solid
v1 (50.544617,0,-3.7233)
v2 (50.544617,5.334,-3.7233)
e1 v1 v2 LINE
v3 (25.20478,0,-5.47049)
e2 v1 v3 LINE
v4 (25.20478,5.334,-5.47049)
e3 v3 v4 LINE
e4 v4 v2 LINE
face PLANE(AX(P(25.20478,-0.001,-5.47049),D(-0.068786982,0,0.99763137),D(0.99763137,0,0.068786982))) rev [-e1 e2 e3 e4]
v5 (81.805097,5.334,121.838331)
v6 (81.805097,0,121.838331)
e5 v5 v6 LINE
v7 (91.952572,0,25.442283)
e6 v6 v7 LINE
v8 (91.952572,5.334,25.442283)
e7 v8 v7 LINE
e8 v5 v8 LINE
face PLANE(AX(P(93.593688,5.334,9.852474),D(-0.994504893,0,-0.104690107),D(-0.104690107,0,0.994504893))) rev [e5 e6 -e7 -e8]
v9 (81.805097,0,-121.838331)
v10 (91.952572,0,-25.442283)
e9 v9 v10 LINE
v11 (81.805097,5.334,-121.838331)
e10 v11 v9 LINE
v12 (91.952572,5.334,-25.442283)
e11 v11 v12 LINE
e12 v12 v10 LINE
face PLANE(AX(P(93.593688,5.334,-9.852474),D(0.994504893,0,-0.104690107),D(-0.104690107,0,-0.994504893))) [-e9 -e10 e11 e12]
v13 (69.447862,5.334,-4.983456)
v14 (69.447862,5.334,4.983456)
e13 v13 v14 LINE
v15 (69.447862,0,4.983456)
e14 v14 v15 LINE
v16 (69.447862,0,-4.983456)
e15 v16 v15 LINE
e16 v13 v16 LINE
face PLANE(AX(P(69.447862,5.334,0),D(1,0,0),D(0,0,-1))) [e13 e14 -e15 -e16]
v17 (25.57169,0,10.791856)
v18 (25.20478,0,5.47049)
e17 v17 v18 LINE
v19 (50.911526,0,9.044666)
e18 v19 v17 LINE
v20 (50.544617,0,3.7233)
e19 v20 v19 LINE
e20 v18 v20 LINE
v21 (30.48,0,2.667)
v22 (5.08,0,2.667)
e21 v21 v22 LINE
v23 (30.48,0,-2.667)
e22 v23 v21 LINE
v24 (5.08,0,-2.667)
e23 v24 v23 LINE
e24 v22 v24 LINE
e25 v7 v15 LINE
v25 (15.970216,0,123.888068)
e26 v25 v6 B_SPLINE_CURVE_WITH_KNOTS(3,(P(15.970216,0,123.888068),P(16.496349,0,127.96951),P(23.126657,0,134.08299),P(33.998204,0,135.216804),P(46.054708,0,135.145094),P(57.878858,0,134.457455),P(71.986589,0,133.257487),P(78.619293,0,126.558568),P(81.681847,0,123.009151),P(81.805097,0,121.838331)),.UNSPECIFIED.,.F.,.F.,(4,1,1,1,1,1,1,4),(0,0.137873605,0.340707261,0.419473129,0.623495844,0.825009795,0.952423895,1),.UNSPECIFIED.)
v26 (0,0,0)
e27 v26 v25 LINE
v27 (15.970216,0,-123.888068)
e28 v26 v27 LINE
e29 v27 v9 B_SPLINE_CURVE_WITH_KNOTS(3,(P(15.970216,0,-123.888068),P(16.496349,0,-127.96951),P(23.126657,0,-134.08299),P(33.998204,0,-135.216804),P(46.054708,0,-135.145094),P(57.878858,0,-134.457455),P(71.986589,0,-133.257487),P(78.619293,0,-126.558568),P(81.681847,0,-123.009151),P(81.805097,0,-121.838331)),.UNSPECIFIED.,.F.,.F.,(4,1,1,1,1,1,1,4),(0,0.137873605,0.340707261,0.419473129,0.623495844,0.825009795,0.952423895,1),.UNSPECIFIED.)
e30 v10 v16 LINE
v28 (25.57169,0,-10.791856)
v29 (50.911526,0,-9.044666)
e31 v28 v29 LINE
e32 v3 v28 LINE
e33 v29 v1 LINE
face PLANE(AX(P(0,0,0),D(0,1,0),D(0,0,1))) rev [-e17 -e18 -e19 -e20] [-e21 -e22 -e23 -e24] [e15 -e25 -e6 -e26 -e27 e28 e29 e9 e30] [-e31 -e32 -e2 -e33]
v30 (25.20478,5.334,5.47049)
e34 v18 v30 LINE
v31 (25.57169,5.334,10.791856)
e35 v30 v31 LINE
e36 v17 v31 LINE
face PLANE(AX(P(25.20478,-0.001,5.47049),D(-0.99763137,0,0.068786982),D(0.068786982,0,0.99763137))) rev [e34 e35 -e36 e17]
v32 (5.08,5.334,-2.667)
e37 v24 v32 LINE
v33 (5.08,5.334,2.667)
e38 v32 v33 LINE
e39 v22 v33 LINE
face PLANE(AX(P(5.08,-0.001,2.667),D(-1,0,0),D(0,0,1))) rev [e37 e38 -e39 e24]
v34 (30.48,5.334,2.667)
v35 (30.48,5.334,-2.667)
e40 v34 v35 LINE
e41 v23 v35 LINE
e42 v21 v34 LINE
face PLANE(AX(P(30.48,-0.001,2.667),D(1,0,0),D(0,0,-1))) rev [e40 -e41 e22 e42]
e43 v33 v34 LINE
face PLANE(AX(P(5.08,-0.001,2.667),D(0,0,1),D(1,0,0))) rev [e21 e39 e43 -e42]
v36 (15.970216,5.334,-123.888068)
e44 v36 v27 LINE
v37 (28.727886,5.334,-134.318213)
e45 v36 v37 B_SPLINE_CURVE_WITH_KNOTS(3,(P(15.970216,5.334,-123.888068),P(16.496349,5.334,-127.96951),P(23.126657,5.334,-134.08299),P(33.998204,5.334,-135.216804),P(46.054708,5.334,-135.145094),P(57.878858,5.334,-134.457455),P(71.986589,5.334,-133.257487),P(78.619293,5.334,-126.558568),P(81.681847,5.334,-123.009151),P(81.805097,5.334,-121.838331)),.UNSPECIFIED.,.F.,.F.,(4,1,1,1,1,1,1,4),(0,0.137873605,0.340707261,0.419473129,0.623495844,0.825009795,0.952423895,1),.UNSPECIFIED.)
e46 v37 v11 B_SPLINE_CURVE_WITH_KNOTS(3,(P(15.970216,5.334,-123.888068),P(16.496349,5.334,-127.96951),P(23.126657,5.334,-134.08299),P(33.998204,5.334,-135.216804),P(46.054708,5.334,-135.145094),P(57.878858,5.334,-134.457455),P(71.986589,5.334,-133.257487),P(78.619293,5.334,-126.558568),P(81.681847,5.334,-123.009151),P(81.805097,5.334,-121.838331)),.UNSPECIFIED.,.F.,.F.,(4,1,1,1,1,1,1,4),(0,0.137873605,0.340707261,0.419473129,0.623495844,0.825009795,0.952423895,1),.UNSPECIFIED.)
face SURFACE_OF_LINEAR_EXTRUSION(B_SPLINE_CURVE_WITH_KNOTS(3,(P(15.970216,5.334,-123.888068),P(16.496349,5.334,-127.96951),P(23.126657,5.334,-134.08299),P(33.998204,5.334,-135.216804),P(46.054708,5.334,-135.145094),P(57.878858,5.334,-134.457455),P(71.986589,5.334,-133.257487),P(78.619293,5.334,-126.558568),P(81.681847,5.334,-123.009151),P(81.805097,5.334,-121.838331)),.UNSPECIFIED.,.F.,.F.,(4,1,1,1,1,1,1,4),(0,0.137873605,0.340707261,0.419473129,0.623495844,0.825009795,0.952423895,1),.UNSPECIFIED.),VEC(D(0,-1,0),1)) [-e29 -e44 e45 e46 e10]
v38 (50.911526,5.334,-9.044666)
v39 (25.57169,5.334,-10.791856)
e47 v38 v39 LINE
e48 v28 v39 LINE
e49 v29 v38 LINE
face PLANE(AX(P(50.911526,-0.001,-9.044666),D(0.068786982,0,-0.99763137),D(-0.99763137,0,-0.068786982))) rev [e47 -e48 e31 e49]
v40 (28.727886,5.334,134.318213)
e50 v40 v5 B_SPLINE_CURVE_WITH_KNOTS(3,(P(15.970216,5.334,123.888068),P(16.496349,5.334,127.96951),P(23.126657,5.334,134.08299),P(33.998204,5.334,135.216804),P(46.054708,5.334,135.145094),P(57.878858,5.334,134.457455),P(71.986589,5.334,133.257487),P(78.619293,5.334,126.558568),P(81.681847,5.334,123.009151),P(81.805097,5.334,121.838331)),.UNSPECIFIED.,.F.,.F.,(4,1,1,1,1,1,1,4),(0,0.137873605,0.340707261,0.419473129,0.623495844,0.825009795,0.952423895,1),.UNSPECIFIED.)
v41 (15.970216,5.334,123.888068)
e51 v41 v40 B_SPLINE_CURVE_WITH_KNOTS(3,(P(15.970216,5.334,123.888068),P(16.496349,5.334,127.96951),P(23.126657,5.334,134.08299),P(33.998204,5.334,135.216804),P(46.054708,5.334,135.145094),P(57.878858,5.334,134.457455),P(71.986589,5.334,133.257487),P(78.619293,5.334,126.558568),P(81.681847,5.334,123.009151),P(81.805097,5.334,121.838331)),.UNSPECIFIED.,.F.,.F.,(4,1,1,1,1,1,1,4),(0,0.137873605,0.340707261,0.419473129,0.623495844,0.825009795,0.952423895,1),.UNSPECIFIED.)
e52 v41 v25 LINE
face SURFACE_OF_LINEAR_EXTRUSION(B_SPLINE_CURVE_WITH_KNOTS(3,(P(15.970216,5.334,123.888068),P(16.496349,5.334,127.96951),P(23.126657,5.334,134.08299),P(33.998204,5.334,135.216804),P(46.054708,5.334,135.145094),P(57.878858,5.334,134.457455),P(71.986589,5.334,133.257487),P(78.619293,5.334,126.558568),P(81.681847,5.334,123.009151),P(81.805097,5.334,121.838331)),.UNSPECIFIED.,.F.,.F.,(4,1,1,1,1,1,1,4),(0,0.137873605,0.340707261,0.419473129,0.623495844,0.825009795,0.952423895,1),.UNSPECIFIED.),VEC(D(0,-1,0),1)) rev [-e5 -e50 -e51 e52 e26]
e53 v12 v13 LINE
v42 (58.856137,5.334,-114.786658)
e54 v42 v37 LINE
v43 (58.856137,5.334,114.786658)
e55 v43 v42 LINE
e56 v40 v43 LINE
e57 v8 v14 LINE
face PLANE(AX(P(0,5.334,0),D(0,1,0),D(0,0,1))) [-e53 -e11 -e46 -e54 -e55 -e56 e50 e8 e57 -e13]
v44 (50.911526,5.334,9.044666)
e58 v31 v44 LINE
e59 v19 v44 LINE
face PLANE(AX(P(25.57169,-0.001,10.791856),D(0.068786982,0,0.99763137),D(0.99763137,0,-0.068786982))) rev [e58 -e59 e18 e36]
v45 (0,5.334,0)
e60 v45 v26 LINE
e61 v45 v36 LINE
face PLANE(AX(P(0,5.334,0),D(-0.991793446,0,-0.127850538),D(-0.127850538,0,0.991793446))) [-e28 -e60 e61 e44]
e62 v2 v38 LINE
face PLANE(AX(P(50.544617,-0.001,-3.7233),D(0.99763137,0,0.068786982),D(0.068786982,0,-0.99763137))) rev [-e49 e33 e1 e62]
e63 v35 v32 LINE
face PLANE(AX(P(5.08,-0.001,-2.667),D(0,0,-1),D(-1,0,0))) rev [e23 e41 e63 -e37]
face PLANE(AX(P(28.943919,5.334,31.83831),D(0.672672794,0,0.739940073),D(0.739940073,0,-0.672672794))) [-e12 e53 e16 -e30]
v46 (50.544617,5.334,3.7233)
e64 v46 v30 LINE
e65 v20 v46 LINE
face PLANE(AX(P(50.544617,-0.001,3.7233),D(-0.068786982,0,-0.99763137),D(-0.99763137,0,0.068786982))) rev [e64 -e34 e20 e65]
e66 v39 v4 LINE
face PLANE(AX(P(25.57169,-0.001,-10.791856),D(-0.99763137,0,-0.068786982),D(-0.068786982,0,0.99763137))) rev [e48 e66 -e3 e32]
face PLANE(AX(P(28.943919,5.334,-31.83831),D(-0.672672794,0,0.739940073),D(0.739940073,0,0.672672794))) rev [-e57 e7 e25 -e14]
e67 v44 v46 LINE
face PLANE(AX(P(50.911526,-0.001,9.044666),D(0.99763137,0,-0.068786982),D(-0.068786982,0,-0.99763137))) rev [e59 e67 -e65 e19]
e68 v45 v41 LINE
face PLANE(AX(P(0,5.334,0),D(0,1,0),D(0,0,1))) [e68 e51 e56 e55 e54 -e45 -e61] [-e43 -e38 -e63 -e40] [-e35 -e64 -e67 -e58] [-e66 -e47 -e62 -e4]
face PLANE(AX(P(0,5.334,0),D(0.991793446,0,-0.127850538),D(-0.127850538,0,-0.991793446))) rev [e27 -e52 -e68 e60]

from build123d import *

# Parameters (mm, degrees)
BOSS_EXTRUDE1_DEPTH  = 5.334
FUSELAGE_SLOTS_REACH = 165.568
RUDDER_SLOT_REACH    = 165.568
SKETCH4_W            = 25.4
SKETCH4_H            = 5.334


with BuildPart() as part:
    # Sketch1 → Boss-Extrude1 (new body)
    with BuildSketch(Plane(origin=(0, 0, 0), x_dir=(1, 0, 0), z_dir=(0, 1, 0))):
        with BuildLine():
            Line((15.970216498, 123.888067637), (0, 0))
            Line((0, 0), (15.970216498, -123.888067637))
            add(Edge.make_bspline(
                [(15.970216498, -123.888067637), (16.496348793, -127.969509697), (23.126657383, -134.082989784), (33.998204042, -135.21680351), (46.054708275, -135.145094132), (57.878857589, -134.457454778), (71.986589127, -133.257487146), (78.619292876, -126.55856753), (81.681846945, -123.009151118), (81.805097467, -121.83833135)],
                knots=[0, 0, 0, 0, 0.137873605, 0.340707261, 0.419473129, 0.623495844, 0.825009795, 0.952423895, 1, 1, 1, 1], degree=3))
            Line((81.805097467, -121.83833135), (91.952571506, -25.442283053))
            Line((91.952571506, -25.442283053), (69.447862014, -4.983456242))
            Line((69.447862014, -4.983456242), (69.447862014, 4.983456242))
            Line((69.447862014, 4.983456242), (91.952571506, 25.442283053))
            Line((91.952571506, 25.442283053), (81.805097467, 121.83833135))
            add(Edge.make_bspline(
                [(81.805097467, 121.83833135), (81.681846945, 123.009151118), (78.619292876, 126.55856753), (71.986589127, 133.257487146), (57.878857589, 134.457454778), (46.054708275, 135.145094132), (33.998204042, 135.21680351), (23.126657383, 134.082989784), (16.496348793, 127.969509697), (15.970216498, 123.888067637)],
                knots=[0.230135461, 0.230135461, 0.230135461, 0.230135461, 0.277711566, 0.405125666, 0.606639617, 0.810662332, 0.8894282, 1.092261856, 1.230135461, 1.230135461, 1.230135461, 1.230135461], degree=3))
        make_face()
    extrude(amount=BOSS_EXTRUDE1_DEPTH)

    # Sketch3 → Fuselage Slots (cut, up to next)
    with BuildSketch(Plane(origin=(0, 5.334, 0), x_dir=(1, 0, 0), z_dir=(0, 1, 0)), mode=Mode.PRIVATE) as fuselage_slots_sk1:
        Polygon((50.911526431, 9.044666188), (25.571689625, 10.791855537), (25.204779861, 5.470489808), (50.544616668, 3.723300459), align=None)
    fuselage_slots_tool1 = extrude(fuselage_slots_sk1.sketch, amount=-FUSELAGE_SLOTS_REACH, mode=Mode.PRIVATE) & part.part
    # Sketch3 → Fuselage Slots (cut, up to next)
    with BuildSketch(Plane(origin=(0, 5.334, 0), x_dir=(1, 0, 0), z_dir=(0, 1, 0)), mode=Mode.PRIVATE) as fuselage_slots_sk2:
        Polygon((25.571689625, -10.791855537), (50.911526431, -9.044666188), (50.544616668, -3.723300459), (25.204779861, -5.470489808), align=None)
    fuselage_slots_tool2 = extrude(fuselage_slots_sk2.sketch, amount=-FUSELAGE_SLOTS_REACH, mode=Mode.PRIVATE) & part.part
    add(fuselage_slots_tool1.solids().sort_by_distance((38.058153, 5.334, -7.257578))[0], mode=Mode.SUBTRACT)
    add(fuselage_slots_tool2.solids().sort_by_distance((38.058153, 5.334, 7.257578))[0], mode=Mode.SUBTRACT)

    # Sketch4 → Rudder Slot (cut, up to next)
    with BuildSketch(Plane(origin=(0, 5.334, 0), x_dir=(1, 0, 0), z_dir=(0, 1, 0)), mode=Mode.PRIVATE) as rudder_slot_sk1:
        with Locations((17.78, 0)):
            Rectangle(SKETCH4_W, SKETCH4_H)
    rudder_slot_tool1 = extrude(rudder_slot_sk1.sketch, amount=-RUDDER_SLOT_REACH, mode=Mode.PRIVATE) & part.part
    add(rudder_slot_tool1.solids().sort_by_distance((17.78, 5.334, 0))[0], mode=Mode.SUBTRACT)


solid = part.part
